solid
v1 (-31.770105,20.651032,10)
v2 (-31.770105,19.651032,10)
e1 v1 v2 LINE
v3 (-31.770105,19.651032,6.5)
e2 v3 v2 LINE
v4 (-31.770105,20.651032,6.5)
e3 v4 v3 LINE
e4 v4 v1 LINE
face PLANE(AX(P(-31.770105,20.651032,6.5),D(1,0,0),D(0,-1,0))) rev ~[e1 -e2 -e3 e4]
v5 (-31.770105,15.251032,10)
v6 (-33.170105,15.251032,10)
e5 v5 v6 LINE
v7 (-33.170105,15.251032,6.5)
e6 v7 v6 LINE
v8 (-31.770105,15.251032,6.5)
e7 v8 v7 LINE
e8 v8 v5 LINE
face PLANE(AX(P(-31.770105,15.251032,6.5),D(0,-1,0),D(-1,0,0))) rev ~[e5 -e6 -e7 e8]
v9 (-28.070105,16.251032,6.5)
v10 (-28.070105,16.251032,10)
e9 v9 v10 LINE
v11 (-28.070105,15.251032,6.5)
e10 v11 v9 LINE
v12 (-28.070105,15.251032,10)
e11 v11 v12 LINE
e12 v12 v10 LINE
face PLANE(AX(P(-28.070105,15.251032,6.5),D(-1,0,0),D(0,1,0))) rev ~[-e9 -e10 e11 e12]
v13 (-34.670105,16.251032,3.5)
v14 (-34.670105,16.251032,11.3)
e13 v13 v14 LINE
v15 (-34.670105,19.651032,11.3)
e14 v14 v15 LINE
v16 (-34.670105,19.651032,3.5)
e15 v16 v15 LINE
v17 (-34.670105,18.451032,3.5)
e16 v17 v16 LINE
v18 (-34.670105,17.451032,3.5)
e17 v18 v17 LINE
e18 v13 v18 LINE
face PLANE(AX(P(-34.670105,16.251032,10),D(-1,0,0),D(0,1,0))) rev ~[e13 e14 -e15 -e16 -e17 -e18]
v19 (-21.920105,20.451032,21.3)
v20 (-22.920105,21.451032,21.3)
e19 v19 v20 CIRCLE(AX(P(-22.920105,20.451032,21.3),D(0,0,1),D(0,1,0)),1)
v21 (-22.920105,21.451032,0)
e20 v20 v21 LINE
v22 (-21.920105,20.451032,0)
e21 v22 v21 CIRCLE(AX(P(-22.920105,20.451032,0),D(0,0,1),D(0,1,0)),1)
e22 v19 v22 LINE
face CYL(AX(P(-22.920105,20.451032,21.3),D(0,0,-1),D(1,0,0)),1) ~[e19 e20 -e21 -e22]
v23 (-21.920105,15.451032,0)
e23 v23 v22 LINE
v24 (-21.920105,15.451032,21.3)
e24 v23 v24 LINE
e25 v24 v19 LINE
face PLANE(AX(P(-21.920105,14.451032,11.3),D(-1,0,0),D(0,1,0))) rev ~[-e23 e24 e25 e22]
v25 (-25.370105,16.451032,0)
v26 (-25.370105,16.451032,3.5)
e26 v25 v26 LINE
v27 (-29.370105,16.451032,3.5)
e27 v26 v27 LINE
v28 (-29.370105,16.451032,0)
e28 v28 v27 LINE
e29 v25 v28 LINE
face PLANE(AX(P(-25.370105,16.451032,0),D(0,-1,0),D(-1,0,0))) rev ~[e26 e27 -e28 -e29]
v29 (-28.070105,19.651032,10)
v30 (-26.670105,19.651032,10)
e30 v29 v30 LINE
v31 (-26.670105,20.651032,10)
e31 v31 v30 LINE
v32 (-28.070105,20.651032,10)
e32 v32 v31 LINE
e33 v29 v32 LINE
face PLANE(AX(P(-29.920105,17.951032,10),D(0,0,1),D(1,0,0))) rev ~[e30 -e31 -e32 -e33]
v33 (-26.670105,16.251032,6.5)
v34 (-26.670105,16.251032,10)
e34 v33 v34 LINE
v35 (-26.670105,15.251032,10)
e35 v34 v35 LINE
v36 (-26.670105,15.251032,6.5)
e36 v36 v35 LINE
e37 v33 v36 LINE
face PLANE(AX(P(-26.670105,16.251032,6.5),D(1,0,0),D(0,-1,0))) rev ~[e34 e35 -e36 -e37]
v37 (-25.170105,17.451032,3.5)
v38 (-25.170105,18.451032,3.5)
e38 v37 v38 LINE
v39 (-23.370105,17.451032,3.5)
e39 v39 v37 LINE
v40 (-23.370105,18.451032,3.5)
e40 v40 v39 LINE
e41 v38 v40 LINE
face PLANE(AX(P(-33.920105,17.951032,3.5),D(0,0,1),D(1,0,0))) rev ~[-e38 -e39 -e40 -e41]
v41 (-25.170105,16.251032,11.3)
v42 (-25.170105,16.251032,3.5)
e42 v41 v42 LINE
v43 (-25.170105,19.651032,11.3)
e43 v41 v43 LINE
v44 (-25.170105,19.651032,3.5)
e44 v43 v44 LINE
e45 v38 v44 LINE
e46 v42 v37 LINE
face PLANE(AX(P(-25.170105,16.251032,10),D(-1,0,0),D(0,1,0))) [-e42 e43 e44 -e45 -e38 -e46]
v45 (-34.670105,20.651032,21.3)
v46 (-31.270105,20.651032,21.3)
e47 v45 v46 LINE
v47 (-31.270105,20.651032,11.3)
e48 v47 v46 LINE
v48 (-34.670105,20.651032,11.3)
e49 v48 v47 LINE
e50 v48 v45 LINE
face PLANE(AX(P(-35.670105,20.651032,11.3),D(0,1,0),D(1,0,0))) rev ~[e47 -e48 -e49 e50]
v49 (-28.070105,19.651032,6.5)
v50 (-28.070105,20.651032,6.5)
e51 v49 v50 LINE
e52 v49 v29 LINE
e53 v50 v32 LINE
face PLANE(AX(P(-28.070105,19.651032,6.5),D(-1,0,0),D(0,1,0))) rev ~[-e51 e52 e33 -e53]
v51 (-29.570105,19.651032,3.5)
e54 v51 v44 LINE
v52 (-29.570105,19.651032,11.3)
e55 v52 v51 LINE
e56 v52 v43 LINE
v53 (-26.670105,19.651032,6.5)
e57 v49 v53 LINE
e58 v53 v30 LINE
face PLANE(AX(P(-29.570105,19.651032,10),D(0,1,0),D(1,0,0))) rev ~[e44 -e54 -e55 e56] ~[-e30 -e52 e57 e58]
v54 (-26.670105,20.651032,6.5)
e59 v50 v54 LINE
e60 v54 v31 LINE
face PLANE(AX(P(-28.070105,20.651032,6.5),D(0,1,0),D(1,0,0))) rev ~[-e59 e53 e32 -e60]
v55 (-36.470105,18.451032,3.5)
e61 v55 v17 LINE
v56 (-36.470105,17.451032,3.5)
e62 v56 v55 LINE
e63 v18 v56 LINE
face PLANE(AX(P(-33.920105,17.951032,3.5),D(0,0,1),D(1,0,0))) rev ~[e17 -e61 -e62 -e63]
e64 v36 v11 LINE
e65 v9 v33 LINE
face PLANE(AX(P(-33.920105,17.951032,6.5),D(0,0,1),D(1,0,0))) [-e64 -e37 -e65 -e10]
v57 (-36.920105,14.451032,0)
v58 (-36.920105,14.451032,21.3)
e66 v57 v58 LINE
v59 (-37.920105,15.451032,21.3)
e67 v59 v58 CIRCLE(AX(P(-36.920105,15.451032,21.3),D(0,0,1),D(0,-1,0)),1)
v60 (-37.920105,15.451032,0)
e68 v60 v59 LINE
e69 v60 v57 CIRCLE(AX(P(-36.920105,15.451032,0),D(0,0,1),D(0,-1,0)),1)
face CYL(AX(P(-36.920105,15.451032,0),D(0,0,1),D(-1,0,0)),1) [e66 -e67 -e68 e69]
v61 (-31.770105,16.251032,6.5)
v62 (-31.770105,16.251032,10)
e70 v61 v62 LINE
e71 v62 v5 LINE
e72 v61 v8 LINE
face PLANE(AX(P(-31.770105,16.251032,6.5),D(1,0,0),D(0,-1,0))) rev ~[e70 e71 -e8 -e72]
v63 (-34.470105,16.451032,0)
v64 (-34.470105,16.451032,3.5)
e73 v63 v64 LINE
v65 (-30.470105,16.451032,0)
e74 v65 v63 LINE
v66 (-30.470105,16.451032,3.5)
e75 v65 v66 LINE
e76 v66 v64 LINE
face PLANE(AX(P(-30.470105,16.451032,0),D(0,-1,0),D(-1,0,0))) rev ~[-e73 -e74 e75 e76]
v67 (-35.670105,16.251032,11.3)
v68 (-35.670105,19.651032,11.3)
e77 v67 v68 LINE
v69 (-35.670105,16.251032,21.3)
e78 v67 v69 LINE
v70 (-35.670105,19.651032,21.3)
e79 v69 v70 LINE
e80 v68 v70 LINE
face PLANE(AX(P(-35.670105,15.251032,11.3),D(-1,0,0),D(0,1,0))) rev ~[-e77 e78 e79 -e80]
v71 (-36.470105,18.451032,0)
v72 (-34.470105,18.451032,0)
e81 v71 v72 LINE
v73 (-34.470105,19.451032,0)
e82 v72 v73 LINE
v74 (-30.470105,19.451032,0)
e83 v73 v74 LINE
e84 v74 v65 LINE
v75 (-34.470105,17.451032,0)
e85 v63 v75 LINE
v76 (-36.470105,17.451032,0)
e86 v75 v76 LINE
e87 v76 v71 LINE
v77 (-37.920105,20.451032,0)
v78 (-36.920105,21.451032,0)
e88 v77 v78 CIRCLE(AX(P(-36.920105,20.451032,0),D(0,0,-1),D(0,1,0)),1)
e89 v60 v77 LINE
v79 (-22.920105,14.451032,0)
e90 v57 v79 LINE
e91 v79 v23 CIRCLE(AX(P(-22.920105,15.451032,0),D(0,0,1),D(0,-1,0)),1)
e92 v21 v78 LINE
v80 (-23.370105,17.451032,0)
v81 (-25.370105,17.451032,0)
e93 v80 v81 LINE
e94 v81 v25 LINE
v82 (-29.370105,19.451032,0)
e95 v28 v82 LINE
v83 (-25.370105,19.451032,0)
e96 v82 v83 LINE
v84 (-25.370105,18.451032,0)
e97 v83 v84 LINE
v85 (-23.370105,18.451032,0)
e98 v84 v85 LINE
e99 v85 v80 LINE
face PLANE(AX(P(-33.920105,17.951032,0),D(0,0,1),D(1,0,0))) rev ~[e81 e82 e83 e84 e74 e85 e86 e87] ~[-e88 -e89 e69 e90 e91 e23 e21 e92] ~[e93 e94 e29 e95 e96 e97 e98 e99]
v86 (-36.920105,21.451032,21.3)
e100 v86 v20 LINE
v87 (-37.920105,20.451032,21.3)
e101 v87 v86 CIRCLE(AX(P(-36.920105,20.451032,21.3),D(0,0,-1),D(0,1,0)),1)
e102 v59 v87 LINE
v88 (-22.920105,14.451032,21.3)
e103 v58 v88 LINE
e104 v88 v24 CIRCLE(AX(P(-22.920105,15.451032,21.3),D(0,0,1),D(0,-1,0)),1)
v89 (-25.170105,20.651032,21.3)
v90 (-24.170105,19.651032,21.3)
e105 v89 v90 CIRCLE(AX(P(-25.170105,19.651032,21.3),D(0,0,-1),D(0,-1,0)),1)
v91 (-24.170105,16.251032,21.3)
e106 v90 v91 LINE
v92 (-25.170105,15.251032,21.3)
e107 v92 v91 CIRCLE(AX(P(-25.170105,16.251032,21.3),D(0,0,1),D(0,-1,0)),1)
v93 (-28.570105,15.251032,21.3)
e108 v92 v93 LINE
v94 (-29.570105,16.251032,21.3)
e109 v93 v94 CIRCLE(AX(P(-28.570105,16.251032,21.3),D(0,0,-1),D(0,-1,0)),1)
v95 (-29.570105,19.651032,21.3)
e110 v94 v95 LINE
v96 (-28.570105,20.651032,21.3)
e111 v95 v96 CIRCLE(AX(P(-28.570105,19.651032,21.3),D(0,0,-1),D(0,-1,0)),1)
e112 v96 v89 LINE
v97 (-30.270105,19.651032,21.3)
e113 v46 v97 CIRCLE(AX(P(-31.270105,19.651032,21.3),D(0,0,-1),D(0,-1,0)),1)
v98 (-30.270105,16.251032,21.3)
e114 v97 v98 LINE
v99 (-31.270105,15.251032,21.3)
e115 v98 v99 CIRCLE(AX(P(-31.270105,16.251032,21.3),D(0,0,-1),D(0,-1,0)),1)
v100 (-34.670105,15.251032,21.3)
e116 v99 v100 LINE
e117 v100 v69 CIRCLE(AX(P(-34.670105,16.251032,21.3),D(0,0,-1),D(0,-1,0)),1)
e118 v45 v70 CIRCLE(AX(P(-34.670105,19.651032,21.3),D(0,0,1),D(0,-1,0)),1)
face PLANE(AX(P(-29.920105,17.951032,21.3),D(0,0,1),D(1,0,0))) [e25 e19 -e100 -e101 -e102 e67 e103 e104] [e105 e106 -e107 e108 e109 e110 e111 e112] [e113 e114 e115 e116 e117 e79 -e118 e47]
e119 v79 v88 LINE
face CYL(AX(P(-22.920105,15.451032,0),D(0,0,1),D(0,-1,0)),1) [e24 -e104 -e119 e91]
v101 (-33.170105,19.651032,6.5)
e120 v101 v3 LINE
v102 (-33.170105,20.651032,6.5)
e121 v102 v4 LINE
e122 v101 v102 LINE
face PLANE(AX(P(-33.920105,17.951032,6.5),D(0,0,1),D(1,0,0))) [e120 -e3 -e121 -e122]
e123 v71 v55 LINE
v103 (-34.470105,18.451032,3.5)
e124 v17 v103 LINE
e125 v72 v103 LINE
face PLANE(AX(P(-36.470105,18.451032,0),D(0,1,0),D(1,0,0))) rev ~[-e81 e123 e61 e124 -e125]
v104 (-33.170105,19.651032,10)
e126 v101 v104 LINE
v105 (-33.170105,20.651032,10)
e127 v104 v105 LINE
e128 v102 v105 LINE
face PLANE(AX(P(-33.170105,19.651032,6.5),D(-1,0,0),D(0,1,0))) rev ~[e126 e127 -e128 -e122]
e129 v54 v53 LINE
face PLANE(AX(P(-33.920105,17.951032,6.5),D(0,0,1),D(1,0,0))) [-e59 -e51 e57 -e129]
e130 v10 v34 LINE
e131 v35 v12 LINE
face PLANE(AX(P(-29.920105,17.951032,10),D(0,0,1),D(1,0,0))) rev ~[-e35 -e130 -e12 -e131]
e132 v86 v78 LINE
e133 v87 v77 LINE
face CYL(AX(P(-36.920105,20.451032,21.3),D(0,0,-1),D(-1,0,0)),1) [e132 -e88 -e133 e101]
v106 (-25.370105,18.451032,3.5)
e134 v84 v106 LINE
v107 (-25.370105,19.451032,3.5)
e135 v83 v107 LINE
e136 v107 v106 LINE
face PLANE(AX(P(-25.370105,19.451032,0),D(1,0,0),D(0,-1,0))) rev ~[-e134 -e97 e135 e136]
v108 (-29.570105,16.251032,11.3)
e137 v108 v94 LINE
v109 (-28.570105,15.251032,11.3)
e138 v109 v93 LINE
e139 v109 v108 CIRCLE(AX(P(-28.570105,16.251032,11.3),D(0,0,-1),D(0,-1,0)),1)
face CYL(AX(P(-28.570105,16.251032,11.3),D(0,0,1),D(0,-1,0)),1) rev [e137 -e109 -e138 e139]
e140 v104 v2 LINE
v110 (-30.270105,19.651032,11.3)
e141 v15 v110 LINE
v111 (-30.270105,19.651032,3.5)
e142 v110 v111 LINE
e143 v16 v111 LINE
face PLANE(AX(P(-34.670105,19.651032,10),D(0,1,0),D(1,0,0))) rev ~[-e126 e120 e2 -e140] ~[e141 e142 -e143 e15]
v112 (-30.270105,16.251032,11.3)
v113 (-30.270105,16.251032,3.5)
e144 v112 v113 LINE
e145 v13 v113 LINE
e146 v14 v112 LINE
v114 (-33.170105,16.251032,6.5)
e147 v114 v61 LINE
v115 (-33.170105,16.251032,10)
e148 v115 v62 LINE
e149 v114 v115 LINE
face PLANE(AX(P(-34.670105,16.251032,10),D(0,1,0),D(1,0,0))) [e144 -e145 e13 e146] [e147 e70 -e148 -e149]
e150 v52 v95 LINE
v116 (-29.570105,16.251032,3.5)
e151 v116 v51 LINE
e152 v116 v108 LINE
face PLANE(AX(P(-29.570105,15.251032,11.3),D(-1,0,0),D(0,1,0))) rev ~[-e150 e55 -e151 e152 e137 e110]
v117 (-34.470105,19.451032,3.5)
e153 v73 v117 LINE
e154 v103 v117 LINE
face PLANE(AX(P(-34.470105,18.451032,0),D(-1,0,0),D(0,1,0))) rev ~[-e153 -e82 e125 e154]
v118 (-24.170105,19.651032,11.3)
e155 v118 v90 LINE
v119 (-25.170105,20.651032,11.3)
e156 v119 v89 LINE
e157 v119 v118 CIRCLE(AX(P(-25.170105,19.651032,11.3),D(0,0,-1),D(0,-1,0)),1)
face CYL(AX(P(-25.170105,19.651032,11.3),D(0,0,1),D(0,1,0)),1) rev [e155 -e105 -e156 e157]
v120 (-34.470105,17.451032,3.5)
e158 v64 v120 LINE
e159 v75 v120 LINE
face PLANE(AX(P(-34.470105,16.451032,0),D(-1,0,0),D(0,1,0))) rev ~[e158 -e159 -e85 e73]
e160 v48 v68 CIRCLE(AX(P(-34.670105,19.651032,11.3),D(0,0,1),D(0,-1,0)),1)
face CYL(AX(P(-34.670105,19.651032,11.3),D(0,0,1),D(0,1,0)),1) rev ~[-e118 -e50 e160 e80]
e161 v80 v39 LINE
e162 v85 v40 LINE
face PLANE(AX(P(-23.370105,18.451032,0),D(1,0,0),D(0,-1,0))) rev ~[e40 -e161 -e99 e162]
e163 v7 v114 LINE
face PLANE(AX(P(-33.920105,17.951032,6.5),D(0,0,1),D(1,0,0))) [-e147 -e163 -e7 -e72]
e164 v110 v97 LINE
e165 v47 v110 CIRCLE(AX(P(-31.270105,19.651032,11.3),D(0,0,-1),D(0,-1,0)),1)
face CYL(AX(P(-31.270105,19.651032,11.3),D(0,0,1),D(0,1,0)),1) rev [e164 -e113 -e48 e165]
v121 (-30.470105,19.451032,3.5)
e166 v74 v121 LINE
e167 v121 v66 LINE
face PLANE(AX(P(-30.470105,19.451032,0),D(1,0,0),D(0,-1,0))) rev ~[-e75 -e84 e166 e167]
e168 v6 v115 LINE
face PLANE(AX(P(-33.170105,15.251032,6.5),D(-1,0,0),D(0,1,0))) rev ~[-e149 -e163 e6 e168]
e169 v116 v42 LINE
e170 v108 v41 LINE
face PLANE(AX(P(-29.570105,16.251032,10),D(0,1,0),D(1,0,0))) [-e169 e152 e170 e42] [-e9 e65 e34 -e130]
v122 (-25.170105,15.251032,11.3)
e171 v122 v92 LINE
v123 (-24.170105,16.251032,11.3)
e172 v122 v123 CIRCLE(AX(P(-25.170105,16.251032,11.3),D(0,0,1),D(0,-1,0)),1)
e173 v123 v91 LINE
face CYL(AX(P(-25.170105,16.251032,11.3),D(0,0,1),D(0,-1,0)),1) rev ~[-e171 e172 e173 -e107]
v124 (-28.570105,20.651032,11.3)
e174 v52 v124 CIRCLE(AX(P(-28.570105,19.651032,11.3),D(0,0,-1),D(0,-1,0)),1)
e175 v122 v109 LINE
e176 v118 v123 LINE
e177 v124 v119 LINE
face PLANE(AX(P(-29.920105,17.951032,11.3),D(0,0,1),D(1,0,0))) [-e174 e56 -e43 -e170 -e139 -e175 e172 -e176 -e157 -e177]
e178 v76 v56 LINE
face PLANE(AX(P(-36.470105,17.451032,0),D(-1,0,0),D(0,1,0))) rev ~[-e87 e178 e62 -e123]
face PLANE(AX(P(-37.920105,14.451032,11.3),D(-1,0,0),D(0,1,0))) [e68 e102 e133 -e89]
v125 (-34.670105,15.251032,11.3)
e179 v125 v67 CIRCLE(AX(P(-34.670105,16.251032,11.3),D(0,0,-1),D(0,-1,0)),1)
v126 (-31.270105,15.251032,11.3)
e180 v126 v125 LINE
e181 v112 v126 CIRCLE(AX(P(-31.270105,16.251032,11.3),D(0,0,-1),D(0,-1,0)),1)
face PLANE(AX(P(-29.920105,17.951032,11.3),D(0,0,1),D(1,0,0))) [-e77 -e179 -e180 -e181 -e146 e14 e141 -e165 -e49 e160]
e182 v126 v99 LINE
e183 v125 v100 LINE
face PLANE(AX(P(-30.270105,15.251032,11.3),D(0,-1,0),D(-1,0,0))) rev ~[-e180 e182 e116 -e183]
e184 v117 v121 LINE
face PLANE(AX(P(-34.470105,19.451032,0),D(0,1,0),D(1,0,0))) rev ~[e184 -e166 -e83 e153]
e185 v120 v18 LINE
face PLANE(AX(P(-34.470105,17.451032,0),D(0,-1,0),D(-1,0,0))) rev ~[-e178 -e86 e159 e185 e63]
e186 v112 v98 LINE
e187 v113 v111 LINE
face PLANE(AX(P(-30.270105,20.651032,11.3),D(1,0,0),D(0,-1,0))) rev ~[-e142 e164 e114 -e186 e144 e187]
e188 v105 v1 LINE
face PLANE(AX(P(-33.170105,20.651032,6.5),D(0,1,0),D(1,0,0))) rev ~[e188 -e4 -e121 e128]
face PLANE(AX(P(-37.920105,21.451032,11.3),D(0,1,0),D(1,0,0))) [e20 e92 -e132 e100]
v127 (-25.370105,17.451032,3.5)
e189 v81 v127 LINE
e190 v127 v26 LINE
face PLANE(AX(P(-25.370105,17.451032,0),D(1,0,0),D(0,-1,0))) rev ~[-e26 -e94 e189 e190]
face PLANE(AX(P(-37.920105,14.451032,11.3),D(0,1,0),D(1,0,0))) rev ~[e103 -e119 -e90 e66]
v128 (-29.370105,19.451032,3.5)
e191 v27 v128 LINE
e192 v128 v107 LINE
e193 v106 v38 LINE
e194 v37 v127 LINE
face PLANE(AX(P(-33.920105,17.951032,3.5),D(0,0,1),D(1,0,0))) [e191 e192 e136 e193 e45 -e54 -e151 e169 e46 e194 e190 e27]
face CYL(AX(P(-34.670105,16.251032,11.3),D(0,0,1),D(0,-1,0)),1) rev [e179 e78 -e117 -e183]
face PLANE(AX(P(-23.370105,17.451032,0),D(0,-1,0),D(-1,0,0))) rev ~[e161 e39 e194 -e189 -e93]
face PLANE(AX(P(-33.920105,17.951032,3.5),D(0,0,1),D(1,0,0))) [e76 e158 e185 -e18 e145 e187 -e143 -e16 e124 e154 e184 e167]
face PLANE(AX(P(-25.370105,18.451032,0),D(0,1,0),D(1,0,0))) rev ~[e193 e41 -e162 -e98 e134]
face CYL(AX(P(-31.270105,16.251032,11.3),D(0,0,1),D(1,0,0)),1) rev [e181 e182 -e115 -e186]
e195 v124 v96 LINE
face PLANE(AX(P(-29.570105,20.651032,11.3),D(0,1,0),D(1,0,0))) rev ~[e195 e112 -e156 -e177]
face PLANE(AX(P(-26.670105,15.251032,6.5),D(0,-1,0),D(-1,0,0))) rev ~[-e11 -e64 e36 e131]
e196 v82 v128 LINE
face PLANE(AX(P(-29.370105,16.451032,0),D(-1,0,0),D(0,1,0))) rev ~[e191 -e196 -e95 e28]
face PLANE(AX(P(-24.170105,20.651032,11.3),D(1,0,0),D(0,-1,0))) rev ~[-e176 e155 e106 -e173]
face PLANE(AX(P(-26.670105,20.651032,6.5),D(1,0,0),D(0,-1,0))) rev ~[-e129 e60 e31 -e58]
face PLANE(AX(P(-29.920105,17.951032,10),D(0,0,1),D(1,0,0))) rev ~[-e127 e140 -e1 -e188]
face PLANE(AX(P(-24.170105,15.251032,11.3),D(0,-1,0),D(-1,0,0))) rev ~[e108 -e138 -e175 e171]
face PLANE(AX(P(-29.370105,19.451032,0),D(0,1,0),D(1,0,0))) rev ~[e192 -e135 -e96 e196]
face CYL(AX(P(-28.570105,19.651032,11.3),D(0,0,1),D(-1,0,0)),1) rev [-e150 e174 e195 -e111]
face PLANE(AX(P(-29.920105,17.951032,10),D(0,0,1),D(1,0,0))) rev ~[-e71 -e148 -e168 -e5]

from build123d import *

# Parameters (mm, degrees)
F0_W     = 8
F0_H     = 7
F1_DEPTH = 3.5
F2_W     = 8
F2_H     = 7
F2_W_2   = 4.4
F2_H_2   = 3.4
F3_DEPTH = 3
F4_W     = 8
F4_H     = 7
F5_DEPTH = 3.5
F6_W     = 16
F6_H     = 7
F6_W_2   = 4.4
F6_H_2   = 3.4
F7_DEPTH = 1.3
F8_W     = 16
F8_H     = 7
F9_DEPTH = 10
F10_R    = 1
F11_R    = 1


with BuildPart() as f1:
    # F0 (on Top) → F1 (new body)
    with BuildSketch(Plane.XY):
        with Locations((-33.920105, 17.951032)):
            Rectangle(F0_W, F0_H)
        Polygon((-34.470105, 19.451032), (-30.470105, 19.451032), (-30.470105, 16.451032), (-34.470105, 16.451032), (-34.470105, 17.451032), (-36.470105, 17.451032), (-36.470105, 18.451032), (-34.470105, 18.451032), align=None, mode=Mode.SUBTRACT)
        Polygon((-29.370105, 21.451032), (-29.920105, 21.451032), (-29.920105, 14.451032), (-21.920105, 14.451032), (-21.920105, 21.451032), (-23.370105, 21.451032), (-25.370105, 21.451032), align=None)
        Polygon((-29.370105, 16.451032), (-29.370105, 19.451032), (-25.370105, 19.451032), (-25.370105, 18.451032), (-23.370105, 18.451032), (-23.370105, 17.451032), (-25.370105, 17.451032), (-25.370105, 16.451032), align=None, mode=Mode.SUBTRACT)
    extrude(amount=F1_DEPTH)

    # F2 (on face) → F3 (join)
    with BuildSketch(Plane.XY.offset(3.5)):
        with Locations((-33.920105, 17.951032)):
            Rectangle(F2_W, F2_H)
        with Locations((-32.470105, 17.951032)):
            Rectangle(F2_W_2, F2_H_2, mode=Mode.SUBTRACT)
        with Locations((-25.920105, 17.951032)):
            Rectangle(F2_W, F2_H)
        with Locations((-27.370105, 17.951032)):
            Rectangle(F2_W_2, F2_H_2, mode=Mode.SUBTRACT)
    extrude(amount=F3_DEPTH)

    # F4 (on face) → F5 (join)
    with BuildSketch(Plane.XY.offset(6.5)):
        with Locations((-25.920105, 17.951032)):
            Rectangle(F4_W, F4_H)
        Polygon((-28.070105, 19.651032), (-28.070105, 20.651032), (-27.370105, 20.651032), (-26.670105, 20.651032), (-26.670105, 19.651032), (-25.170105, 19.651032), (-25.170105, 16.251032), (-26.670105, 16.251032), (-26.670105, 15.251032), (-27.370105, 15.251032), (-28.070105, 15.251032), (-28.070105, 16.251032), (-29.570105, 16.251032), (-29.570105, 19.651032), align=None, mode=Mode.SUBTRACT)
        with Locations((-33.920105, 17.951032)):
            Rectangle(F4_W, F4_H)
        Polygon((-34.670105, 17.951032), (-34.670105, 19.651032), (-33.170105, 19.651032), (-33.170105, 20.651032), (-32.470105, 20.651032), (-31.770105, 20.651032), (-31.770105, 19.651032), (-30.270105, 19.651032), (-30.270105, 17.951032), (-30.270105, 16.251032), (-31.770105, 16.251032), (-31.770105, 15.251032), (-32.470105, 15.251032), (-33.170105, 15.251032), (-33.170105, 16.251032), (-34.670105, 16.251032), align=None, mode=Mode.SUBTRACT)
    extrude(amount=F5_DEPTH)

    # F6 (on face) → F7 (join)
    with BuildSketch(Plane.XY.offset(10)):
        with Locations((-29.920105, 17.951032)):
            Rectangle(F6_W, F6_H)
        with Locations((-32.470105, 17.951032)):
            Rectangle(F6_W_2, F6_H_2, mode=Mode.SUBTRACT)
        with Locations((-27.370105, 17.951032)):
            Rectangle(F6_W_2, F6_H_2, mode=Mode.SUBTRACT)
    extrude(amount=F7_DEPTH)

    # F8 (on face) → F9 (join)
    with BuildSketch(Plane.XY.offset(11.3)):
        with Locations((-29.920105, 17.951032)):
            Rectangle(F8_W, F8_H)
        Polygon((-30.270105, 20.651032), (-30.270105, 19.651032), (-30.270105, 16.251032), (-30.270105, 15.251032), (-35.670105, 15.251032), (-35.670105, 20.651032), align=None, mode=Mode.SUBTRACT)
        Polygon((-29.570105, 15.251032), (-29.570105, 16.251032), (-29.570105, 19.651032), (-29.570105, 20.651032), (-24.170105, 20.651032), (-24.170105, 15.251032), align=None, mode=Mode.SUBTRACT)
    extrude(amount=F9_DEPTH)

    # F10
    f10_edges = [f1.edges().sort_by_distance(p)[0] for p in [
        (-37.920105, 14.451032, 10.65),
        (-21.920105, 14.451032, 10.65),
        (-37.920105, 21.451032, 10.65),
        (-21.920105, 21.451032, 10.65),
    ]]
    fillet(f10_edges, radius=F10_R)

    # F11
    f11_edges = [f1.edges().sort_by_distance(p)[0] for p in [
        (-24.170105, 15.251032, 16.3),
        (-30.270105, 15.251032, 16.3),
        (-35.670105, 15.251032, 16.3),
        (-29.570105, 15.251032, 16.3),
        (-24.170105, 20.651032, 16.3),
        (-30.270105, 20.651032, 16.3),
        (-29.570105, 20.651032, 16.3),
        (-35.670105, 20.651032, 16.3),
    ]]
    fillet(f11_edges, radius=F11_R)


solid = f1.part
